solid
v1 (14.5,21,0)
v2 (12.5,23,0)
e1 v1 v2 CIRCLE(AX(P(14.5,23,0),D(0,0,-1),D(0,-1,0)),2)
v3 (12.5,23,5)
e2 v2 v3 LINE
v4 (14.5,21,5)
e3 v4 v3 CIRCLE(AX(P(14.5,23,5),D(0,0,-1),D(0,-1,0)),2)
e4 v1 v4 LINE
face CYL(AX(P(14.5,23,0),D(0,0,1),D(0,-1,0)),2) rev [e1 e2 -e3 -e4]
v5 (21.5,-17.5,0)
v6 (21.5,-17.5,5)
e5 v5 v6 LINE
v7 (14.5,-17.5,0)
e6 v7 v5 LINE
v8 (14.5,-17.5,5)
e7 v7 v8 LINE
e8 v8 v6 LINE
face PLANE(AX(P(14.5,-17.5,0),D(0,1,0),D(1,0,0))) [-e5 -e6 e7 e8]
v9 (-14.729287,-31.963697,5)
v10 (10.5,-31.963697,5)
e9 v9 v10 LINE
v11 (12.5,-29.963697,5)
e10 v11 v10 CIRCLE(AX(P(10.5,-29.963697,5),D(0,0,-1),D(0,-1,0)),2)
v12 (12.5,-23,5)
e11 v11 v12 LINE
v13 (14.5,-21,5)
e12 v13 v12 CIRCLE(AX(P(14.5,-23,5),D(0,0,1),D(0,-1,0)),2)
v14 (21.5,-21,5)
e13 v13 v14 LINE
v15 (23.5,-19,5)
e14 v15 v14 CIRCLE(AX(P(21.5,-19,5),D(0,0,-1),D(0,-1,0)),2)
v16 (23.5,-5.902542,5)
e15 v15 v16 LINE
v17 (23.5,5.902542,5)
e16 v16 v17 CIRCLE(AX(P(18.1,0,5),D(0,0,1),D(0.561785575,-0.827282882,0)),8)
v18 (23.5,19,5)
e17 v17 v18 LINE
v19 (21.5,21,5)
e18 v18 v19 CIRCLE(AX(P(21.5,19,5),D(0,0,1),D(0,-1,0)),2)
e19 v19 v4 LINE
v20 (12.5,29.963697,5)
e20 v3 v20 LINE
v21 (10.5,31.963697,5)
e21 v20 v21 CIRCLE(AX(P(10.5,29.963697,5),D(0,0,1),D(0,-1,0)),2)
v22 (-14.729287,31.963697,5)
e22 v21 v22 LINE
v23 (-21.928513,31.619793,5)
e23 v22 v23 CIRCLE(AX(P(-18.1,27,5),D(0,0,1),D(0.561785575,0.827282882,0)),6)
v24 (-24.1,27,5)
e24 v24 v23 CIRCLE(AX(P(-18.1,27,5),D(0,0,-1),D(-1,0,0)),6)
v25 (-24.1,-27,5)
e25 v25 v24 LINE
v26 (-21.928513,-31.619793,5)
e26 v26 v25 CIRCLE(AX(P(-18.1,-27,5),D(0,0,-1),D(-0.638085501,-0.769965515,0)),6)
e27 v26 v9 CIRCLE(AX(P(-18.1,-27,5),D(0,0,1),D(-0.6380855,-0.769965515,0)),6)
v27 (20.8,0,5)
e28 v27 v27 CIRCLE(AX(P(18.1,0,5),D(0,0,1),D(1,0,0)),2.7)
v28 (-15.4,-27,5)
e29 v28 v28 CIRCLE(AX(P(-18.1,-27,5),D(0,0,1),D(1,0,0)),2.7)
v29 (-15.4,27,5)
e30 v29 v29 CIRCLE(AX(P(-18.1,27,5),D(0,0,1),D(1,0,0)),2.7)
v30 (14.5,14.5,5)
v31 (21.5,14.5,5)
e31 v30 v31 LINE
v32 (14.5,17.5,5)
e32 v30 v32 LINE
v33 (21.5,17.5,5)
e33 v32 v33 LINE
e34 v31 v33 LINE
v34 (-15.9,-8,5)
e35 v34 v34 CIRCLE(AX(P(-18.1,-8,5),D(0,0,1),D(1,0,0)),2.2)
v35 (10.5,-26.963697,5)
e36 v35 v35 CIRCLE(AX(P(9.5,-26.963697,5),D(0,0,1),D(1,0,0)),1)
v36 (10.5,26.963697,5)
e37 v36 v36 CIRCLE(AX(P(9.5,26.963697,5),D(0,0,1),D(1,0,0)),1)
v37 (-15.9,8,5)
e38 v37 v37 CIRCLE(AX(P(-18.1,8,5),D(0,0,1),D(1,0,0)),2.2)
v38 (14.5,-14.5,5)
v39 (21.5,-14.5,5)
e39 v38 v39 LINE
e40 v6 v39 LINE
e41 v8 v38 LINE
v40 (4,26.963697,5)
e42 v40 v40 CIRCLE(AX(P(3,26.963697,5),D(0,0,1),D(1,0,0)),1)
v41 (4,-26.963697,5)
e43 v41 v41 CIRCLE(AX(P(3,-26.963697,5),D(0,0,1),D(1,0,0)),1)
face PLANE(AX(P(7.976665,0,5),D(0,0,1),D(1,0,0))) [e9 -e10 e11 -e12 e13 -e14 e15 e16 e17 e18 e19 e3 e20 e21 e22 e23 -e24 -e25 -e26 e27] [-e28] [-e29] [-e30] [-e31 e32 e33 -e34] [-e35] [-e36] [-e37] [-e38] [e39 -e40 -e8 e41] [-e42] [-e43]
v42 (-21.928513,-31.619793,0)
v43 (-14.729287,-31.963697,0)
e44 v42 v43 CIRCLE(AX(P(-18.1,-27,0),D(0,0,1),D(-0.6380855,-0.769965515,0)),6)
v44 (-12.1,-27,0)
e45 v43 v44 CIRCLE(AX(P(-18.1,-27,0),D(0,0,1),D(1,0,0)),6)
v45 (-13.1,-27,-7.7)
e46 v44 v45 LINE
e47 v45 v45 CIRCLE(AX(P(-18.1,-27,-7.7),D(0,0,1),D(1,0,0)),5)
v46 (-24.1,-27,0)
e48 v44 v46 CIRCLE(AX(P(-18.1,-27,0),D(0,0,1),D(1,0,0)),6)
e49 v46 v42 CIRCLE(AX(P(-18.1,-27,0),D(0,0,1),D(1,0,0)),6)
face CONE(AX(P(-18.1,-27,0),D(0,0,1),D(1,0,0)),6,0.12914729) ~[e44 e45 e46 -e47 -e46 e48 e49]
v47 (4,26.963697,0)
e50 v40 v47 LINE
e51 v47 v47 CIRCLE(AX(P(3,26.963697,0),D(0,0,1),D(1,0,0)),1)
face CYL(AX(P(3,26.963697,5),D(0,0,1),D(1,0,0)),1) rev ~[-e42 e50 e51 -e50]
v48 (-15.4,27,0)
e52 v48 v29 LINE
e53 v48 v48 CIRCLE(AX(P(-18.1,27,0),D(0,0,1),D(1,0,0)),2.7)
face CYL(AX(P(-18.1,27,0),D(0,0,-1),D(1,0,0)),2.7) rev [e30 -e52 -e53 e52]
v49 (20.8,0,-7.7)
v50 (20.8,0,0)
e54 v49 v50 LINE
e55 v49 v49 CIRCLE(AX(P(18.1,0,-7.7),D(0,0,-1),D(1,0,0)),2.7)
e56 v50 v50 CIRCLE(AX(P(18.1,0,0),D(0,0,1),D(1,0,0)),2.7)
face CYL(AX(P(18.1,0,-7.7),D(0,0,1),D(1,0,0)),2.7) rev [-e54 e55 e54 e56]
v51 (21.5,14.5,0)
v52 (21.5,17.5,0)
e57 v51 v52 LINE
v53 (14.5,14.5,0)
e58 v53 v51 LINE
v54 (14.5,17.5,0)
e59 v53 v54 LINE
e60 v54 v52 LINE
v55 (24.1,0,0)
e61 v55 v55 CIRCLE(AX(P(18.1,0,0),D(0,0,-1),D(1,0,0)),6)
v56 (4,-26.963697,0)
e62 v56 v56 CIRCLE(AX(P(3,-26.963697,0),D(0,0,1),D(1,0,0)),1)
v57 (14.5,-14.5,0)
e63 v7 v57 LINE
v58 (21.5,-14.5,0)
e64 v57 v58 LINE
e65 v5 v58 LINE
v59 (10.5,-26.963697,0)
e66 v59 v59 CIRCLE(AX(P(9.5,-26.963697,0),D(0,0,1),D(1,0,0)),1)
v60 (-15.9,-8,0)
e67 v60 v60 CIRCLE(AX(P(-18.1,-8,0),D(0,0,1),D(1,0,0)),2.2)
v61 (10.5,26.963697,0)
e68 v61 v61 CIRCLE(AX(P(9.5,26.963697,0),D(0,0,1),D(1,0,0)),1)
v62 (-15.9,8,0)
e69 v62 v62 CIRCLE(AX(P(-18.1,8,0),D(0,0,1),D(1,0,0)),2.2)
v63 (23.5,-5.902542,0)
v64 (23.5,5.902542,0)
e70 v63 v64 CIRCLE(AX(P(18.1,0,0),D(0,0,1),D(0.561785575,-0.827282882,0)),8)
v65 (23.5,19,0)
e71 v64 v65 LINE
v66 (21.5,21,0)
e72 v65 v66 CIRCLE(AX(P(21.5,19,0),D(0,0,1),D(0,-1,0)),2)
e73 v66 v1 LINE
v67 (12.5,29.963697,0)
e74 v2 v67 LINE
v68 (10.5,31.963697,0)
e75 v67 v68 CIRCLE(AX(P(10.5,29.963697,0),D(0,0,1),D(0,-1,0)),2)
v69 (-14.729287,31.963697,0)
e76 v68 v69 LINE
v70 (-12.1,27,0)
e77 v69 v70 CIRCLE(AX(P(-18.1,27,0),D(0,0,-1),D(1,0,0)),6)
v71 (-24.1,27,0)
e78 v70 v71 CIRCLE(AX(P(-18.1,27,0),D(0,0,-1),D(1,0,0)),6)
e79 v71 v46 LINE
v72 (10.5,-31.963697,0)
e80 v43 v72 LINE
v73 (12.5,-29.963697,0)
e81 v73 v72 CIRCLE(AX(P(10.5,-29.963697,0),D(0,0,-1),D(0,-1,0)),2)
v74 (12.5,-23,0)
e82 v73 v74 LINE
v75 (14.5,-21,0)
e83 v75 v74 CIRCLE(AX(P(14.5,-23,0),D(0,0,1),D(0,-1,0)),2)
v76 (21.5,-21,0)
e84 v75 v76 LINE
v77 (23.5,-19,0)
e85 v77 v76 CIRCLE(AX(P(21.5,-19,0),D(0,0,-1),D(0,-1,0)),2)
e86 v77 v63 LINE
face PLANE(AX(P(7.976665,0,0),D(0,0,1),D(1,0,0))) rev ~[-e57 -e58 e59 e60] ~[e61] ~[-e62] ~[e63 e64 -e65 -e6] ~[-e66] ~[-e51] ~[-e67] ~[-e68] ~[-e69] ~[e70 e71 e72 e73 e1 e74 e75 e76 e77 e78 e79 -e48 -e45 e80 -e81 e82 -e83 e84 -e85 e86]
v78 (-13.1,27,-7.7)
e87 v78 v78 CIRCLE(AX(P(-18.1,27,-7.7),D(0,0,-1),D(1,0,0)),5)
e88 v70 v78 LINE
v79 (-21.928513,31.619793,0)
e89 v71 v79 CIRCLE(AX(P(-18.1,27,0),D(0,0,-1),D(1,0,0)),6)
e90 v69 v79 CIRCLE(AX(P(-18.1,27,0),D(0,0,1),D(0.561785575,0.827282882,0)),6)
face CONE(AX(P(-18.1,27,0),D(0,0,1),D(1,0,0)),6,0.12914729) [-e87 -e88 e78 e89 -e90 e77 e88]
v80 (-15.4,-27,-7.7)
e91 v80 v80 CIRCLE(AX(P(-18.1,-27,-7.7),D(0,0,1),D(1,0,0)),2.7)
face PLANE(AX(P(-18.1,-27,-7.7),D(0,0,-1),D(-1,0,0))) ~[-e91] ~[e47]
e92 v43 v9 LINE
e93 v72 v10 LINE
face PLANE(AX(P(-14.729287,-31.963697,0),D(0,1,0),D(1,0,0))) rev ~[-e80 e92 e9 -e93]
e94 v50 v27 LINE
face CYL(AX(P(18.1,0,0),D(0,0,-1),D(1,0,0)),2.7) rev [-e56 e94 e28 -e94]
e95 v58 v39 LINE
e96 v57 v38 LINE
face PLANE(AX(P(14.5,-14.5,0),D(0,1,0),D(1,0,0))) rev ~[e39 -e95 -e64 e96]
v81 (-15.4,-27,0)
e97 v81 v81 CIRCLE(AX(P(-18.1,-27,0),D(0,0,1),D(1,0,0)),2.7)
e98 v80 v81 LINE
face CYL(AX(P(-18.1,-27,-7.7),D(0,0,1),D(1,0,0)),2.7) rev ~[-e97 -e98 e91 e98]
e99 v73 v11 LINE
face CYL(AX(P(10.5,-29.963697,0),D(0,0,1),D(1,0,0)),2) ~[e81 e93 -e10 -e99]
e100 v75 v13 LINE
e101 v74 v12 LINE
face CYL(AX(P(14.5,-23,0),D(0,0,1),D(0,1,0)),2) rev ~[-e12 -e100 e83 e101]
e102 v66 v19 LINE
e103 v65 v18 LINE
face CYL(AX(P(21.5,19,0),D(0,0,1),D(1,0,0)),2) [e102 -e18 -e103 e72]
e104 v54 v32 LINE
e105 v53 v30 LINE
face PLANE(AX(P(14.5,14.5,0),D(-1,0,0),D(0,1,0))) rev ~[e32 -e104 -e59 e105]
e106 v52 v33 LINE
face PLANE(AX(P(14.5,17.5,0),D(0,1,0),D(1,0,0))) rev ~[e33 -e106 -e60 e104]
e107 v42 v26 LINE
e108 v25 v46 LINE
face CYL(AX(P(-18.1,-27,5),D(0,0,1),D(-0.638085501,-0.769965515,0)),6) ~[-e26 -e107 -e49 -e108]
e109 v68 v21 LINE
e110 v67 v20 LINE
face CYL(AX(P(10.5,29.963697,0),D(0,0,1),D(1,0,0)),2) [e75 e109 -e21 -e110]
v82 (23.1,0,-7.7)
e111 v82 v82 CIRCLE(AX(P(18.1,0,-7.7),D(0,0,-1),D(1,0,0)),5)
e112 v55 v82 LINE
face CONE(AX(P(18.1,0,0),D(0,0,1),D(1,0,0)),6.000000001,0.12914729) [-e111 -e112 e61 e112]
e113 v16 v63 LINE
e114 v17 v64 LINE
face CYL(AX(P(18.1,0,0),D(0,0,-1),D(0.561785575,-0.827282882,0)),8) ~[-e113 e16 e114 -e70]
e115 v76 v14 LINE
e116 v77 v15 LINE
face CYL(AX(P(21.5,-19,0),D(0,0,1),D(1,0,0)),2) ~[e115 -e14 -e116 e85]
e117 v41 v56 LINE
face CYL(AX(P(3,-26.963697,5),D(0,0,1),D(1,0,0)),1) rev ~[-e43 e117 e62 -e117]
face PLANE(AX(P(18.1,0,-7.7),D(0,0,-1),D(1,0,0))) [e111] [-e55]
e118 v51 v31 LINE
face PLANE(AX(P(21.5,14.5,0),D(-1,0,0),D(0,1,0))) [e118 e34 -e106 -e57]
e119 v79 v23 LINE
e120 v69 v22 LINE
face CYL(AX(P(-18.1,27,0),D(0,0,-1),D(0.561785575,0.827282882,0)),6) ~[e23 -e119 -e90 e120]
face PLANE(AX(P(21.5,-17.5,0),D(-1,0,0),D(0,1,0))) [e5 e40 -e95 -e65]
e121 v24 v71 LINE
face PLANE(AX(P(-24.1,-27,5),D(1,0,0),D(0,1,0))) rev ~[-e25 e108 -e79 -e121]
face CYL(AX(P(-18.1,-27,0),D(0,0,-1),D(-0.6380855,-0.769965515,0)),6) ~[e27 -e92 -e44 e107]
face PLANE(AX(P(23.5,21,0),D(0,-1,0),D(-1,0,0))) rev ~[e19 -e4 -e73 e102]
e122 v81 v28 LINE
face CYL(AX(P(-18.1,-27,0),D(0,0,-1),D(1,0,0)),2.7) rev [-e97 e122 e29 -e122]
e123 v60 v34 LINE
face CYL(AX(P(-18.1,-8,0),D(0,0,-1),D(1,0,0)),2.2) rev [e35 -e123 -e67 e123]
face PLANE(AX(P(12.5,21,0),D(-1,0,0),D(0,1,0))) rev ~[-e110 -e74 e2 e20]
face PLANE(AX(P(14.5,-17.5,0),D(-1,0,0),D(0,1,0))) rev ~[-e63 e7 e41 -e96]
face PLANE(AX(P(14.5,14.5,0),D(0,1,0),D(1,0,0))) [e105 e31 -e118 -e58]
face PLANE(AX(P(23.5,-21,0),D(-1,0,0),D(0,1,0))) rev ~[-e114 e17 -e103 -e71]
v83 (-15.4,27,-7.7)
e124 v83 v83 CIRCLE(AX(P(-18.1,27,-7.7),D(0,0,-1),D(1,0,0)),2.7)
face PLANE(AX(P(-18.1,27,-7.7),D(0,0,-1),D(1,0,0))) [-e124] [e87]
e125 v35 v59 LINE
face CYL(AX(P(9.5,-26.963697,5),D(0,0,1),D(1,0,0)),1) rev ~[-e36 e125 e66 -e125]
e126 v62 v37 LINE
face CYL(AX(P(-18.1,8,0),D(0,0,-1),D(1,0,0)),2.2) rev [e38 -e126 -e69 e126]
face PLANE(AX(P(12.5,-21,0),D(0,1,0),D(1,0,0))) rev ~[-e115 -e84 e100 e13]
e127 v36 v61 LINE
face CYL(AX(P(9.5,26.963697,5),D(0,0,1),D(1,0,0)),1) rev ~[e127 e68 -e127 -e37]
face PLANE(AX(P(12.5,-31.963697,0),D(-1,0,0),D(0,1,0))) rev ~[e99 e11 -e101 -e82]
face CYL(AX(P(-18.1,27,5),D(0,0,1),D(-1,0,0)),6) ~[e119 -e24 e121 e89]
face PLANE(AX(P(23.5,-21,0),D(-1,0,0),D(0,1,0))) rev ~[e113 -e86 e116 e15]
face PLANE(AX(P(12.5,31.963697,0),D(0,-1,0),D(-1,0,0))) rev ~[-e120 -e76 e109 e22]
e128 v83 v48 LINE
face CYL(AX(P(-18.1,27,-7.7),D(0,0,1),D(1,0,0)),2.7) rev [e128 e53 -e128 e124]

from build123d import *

# Parameters (mm, degrees)
SKETCH_1_R          = 2.2
SKETCH_1_R_2        = 2.7
EXTRUDE_1_DEPTH     = 5
CUT_EXTRUDE_1_REACH = 59.23
EXTRUDE_START       = -5
SKETCH_6_W          = 7
SKETCH_6_H          = 3
SKETCH_6_R          = 2.7
EXTRUDE_3_DEPTH     = 5
CUT_EXTRUDE_2_REACH = 45.949
SKETCH_8_R          = 1
FILLET_1_R          = 2


with BuildPart() as part:
    # 草图1 → 凸台-拉伸1 (new body)
    with BuildSketch(Plane.XY):
        with BuildLine():
            Line((-21.928513003, 31.619793089), (-45, 12.5))
            Line((-45, 12.5), (-45, -12.5))
            Line((-45, -12.5), (-21.928513003, -31.619793089))
            ThreePointArc((-21.928513003, -31.619793089), (-18.386291168, -32.993165888), (-14.729286549, -31.963697294))
            Line((-14.729286549, -31.963697294), (22.594284602, -6.618263059))
            ThreePointArc((22.594284602, -6.618263059), (26.1, 0), (22.594284602, 6.618263059))
            Line((22.594284602, 6.618263059), (-14.729286549, 31.963697294))
            ThreePointArc((-14.729286549, 31.963697294), (-18.386291168, 32.993165888), (-21.928513003, 31.619793089))
        make_face()
        with Locations((-18.1, -8)):
            Circle(SKETCH_1_R, mode=Mode.SUBTRACT)
        with Locations((-18.1, 8)):
            Circle(SKETCH_1_R, mode=Mode.SUBTRACT)
        with Locations((-34.1, 0)):
            Circle(SKETCH_1_R, mode=Mode.SUBTRACT)
        with Locations((-18.1, 27)):
            Circle(SKETCH_1_R_2, mode=Mode.SUBTRACT)
        with Locations((-18.1, -27)):
            Circle(SKETCH_1_R_2, mode=Mode.SUBTRACT)
        with Locations((18.1, 0)):
            Circle(SKETCH_1_R_2, mode=Mode.SUBTRACT)
    extrude(amount=EXTRUDE_1_DEPTH)

    # 草图4 → 旋转1 (revolve)
    with BuildSketch(Plane(origin=(-24.93598604, 16.933358057, 0), x_dir=(0, 0, -1), z_dir=(0.8272828823621655, -0.5617855752425007, 0)), mode=Mode.PRIVATE) as revolve_1_sk:
        Polygon((7.7, 17.168318912), (7.7, 14.868318912), (0, 14.868318912), (0, 18.168318912), align=None)
    revolve_1 = revolve(revolve_1_sk.sketch.rotate(Axis((-18.1, 27, 1000.278995542), (0, 0, -1)), 55.820627671), axis=Axis((-18.1, 27, 1000.278995542), (0, 0, -1)))

    # 镜向1: 旋转1 across plane
    add(revolve_1.mirror(Plane.ZX))

    # 草图5 → 切除-拉伸1 (cut, up to next)
    with BuildSketch(Plane.XY.offset(5), mode=Mode.PRIVATE) as cut_extrude_1_sk1:
        with BuildLine():
            Line((-24.1, -27), (-24.1, 27))
            ThreePointArc((-24.1, 27), (-23.53005884, 29.552344215), (-21.928513003, 31.619793089))
            Line((-21.928513003, 31.619793089), (-45, 12.5))
            Line((-45, 12.5), (-45, -12.5))
            Line((-45, -12.5), (-21.928513003, -31.619793089))
            ThreePointArc((-21.928513003, -31.619793089), (-23.53005884, -29.552344215), (-24.1, -27))
        make_face()
    cut_extrude_1_tool1 = extrude(cut_extrude_1_sk1.sketch, amount=-CUT_EXTRUDE_1_REACH, mode=Mode.PRIVATE) & part.part
    add(cut_extrude_1_tool1.solids().sort_by_distance((-33.100815, 0, 5))[0], mode=Mode.SUBTRACT)

    # 草图6 → 凸台-拉伸3 (add)
    with BuildSketch(Plane.XY.offset(5).offset(EXTRUDE_START)):
        Polygon((12.5, -13.473020485), (-14.729286549, -31.963697294), (12.5, -31.963697294), (12.5, -21), (23.5, -21), (23.5, 21), (12.5, 21), (12.5, 31.963697294), (-14.729286549, 31.963697294), (12.5, 13.473020485), align=None)
        with Locations((18, -16)):
            Rectangle(SKETCH_6_W, SKETCH_6_H, mode=Mode.SUBTRACT)
        with Locations((18.1, 0)):
            Circle(SKETCH_6_R, mode=Mode.SUBTRACT)
        with Locations((18, 16)):
            Rectangle(SKETCH_6_W, SKETCH_6_H, mode=Mode.SUBTRACT)
    extrude(amount=EXTRUDE_3_DEPTH)

    # 草图8 → 切除-拉伸2 (cut, up to next)
    with BuildSketch(Plane.XY.offset(5), mode=Mode.PRIVATE) as cut_extrude_2_sk1:
        with Locations((9.5, -26.963697294)):
            Circle(SKETCH_8_R)
    cut_extrude_2_tool1 = extrude(cut_extrude_2_sk1.sketch, amount=-CUT_EXTRUDE_2_REACH, mode=Mode.PRIVATE) & part.part
    # 草图8 → 切除-拉伸2 (cut, up to next)
    with BuildSketch(Plane.XY.offset(5), mode=Mode.PRIVATE) as cut_extrude_2_sk2:
        with Locations((3, -26.963697294)):
            Circle(SKETCH_8_R)
    cut_extrude_2_tool2 = extrude(cut_extrude_2_sk2.sketch, amount=-CUT_EXTRUDE_2_REACH, mode=Mode.PRIVATE) & part.part
    # 草图8 → 切除-拉伸2 (cut, up to next)
    with BuildSketch(Plane.XY.offset(5), mode=Mode.PRIVATE) as cut_extrude_2_sk3:
        with Locations((9.5, 26.963697294)):
            Circle(SKETCH_8_R)
    cut_extrude_2_tool3 = extrude(cut_extrude_2_sk3.sketch, amount=-CUT_EXTRUDE_2_REACH, mode=Mode.PRIVATE) & part.part
    # 草图8 → 切除-拉伸2 (cut, up to next)
    with BuildSketch(Plane.XY.offset(5), mode=Mode.PRIVATE) as cut_extrude_2_sk4:
        with Locations((3, 26.963697294)):
            Circle(SKETCH_8_R)
    cut_extrude_2_tool4 = extrude(cut_extrude_2_sk4.sketch, amount=-CUT_EXTRUDE_2_REACH, mode=Mode.PRIVATE) & part.part
    add(cut_extrude_2_tool1.solids().sort_by_distance((9.5, -26.963697, 5))[0], mode=Mode.SUBTRACT)
    add(cut_extrude_2_tool2.solids().sort_by_distance((3, -26.963697, 5))[0], mode=Mode.SUBTRACT)
    add(cut_extrude_2_tool3.solids().sort_by_distance((9.5, 26.963697, 5))[0], mode=Mode.SUBTRACT)
    add(cut_extrude_2_tool4.solids().sort_by_distance((3, 26.963697, 5))[0], mode=Mode.SUBTRACT)

    # 草图7 → 旋转2 (revolve)
    with BuildSketch(Plane(origin=(6.469864276, 8.674410623, 0), x_dir=(0.8015915013283047, -0.5978721142503927, 0), z_dir=(0.5978721142503927, 0.8015915013283047, 0)), mode=Mode.PRIVATE) as revolve_2_sk:
        Polygon((11.808806174, 7.7), (11.808806174, 0), (8.508806174, 0), (9.508806174, 7.7), align=None)
    revolve(revolve_2_sk.sketch.rotate(Axis((18.1, 0, 1), (0, 0, -1)), 143.282349417), axis=Axis((18.1, 0, 1), (0, 0, -1)))

    # 圆角1
    fillet_1_edges = [part.edges().sort_by_distance(p)[0] for p in [
        (12.5, 31.963697294, 2.5),
        (12.5, 21, 2.5),
        (23.5, 21, 2.5),
        (12.5, -21, 2.5),
        (23.5, -21, 2.5),
        (12.5, -31.963697294, 2.5),
    ]]
    fillet(fillet_1_edges, radius=FILLET_1_R)


solid = part.part
